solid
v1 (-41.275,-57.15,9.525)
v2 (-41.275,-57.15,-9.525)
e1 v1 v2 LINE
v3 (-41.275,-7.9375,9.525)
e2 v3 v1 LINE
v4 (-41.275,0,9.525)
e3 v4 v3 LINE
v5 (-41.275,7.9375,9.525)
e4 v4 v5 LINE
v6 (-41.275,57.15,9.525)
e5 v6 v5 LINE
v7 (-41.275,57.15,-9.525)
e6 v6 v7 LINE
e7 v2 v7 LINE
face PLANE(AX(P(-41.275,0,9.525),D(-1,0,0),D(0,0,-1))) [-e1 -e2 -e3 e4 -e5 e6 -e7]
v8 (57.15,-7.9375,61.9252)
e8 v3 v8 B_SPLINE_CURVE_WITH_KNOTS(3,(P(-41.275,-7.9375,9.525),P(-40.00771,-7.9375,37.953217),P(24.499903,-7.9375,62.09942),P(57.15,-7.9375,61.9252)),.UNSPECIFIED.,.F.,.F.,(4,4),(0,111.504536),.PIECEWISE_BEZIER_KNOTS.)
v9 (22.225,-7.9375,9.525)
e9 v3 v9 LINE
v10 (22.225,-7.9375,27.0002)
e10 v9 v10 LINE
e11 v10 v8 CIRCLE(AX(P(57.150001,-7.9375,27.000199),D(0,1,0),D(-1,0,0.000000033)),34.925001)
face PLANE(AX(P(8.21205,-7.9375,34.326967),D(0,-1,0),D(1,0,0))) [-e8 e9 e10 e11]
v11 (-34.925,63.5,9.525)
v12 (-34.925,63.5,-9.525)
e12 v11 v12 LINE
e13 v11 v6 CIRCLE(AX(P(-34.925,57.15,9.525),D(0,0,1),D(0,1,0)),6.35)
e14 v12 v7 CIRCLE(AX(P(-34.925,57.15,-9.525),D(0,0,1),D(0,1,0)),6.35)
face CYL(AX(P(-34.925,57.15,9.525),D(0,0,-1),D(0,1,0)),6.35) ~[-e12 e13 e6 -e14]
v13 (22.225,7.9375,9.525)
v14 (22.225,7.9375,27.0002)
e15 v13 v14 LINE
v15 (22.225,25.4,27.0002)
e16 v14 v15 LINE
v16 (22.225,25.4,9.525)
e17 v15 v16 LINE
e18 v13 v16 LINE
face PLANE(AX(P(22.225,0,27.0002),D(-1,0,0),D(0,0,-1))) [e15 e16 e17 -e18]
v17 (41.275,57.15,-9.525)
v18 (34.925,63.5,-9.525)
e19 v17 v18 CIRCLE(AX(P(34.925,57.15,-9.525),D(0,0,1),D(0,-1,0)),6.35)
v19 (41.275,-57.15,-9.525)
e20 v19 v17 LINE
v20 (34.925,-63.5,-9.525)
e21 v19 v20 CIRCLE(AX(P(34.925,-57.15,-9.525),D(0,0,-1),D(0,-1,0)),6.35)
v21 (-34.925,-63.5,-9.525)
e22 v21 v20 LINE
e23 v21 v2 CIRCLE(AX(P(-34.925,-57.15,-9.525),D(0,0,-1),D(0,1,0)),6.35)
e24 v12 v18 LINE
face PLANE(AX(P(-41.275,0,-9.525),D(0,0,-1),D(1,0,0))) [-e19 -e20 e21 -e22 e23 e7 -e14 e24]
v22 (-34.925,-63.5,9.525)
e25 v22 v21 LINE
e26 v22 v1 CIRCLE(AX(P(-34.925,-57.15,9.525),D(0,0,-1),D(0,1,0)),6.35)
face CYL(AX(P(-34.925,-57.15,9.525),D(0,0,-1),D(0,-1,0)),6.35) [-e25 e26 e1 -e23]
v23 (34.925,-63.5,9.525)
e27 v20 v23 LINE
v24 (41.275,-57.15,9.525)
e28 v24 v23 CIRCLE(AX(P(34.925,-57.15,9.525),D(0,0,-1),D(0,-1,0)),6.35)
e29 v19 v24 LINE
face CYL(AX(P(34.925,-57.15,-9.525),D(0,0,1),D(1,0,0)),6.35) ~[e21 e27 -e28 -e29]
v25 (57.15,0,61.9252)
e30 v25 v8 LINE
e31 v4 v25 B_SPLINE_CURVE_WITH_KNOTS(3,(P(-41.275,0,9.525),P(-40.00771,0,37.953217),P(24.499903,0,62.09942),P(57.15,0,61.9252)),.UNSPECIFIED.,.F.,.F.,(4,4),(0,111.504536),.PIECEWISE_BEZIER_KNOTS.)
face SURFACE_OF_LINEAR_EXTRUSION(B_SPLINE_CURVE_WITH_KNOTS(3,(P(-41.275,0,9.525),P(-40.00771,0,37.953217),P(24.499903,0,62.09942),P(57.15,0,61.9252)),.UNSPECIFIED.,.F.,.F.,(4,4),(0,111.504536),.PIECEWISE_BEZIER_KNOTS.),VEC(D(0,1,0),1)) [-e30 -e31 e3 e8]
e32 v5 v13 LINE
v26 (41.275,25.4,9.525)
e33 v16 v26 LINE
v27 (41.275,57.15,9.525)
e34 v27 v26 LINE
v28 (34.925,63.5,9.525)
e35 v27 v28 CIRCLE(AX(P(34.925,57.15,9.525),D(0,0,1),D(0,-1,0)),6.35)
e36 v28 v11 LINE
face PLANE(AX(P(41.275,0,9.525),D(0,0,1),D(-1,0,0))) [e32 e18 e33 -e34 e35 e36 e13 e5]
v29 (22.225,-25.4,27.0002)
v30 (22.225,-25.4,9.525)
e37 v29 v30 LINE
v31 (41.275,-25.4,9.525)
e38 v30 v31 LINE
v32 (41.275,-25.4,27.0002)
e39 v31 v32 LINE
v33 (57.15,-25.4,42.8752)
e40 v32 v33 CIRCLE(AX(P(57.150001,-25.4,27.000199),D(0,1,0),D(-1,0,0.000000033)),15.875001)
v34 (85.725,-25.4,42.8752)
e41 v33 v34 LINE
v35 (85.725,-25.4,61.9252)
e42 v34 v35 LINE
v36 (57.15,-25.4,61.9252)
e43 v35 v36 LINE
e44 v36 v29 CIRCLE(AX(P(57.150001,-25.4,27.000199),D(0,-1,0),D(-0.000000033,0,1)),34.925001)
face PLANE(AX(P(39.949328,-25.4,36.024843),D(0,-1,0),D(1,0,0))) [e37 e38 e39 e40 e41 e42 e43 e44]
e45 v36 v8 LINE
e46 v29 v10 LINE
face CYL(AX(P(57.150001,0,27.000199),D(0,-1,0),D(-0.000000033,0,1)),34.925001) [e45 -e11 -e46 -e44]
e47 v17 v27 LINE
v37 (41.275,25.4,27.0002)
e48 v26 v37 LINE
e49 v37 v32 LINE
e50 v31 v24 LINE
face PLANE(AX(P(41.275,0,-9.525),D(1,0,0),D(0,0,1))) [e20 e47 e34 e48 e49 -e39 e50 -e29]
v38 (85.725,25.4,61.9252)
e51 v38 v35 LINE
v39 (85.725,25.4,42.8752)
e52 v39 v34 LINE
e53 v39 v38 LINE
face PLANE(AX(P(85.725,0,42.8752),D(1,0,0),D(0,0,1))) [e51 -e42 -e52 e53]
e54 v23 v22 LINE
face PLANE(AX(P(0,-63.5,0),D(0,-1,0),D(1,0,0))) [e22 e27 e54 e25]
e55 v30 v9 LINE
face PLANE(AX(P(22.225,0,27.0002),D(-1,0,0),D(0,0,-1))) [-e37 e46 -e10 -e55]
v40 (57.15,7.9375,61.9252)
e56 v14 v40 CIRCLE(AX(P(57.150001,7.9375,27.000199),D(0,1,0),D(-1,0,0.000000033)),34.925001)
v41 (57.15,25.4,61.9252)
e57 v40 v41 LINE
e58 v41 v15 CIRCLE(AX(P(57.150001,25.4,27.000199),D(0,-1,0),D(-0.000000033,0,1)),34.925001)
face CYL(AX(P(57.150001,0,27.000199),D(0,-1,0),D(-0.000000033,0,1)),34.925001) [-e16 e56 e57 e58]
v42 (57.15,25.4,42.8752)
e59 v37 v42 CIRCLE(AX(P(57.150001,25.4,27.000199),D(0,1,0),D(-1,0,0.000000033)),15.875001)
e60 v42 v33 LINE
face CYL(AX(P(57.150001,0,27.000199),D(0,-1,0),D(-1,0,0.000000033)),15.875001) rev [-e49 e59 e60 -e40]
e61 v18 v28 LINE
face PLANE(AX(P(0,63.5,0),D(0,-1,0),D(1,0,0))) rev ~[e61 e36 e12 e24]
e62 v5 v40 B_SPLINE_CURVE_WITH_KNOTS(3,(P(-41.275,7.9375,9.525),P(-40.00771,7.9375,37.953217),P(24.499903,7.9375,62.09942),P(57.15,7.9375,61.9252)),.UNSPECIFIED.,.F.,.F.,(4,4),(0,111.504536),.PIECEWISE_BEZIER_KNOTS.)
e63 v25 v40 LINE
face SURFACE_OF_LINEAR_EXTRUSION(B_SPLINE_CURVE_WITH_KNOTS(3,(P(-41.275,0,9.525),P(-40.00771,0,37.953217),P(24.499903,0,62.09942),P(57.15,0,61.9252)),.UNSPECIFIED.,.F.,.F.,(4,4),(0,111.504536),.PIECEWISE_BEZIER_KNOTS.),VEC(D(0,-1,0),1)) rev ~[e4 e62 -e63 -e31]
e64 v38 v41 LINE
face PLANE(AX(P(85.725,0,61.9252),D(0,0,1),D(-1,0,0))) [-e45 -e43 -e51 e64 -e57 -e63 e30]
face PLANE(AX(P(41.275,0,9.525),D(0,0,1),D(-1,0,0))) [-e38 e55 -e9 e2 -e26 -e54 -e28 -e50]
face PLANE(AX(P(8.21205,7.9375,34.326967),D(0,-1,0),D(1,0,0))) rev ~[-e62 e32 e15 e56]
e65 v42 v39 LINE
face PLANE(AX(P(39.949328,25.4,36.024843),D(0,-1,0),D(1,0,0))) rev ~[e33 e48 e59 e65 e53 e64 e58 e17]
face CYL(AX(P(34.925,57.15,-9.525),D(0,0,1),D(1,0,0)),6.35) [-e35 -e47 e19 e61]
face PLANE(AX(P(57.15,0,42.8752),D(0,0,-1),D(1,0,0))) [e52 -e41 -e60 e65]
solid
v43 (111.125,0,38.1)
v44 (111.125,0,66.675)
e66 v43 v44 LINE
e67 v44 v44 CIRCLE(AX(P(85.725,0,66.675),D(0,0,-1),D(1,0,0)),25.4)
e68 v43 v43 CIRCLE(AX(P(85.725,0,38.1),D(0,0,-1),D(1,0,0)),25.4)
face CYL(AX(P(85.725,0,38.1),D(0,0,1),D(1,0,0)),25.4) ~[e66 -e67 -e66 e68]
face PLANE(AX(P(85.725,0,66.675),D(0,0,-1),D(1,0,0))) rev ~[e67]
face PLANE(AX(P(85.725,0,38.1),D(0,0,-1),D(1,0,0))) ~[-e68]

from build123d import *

# Parameters (mm, degrees)
F1_DEPTH = 63.5
F0_W     = 25.4
F0_H     = 19.05
F2_DEPTH = 25.4
F3_DEPTH = 7.9375
F5_R     = 6.35


with BuildPart() as f1:
    # F0 (on Front) → F1 (new body, symmetric)
    with BuildSketch(Plane.XZ):
        Polygon((41.275, -9.525), (41.275, 9.525), (22.225, 9.525), (-41.275, 9.525), (-41.275, -9.525), align=None)
    extrude(amount=F1_DEPTH, both=True)

    # F0 (on Front) → F2 (join, symmetric)
    with BuildSketch(Plane.XZ):
        with BuildLine():
            Line((22.225, 9.525), (41.275, 9.525))
            Line((41.275, 9.525), (41.275, 27.0002))
            ThreePointArc((41.275, 27.0002), (45.92468, 38.22552), (57.15, 42.8752))
            Line((57.15, 42.8752), (60.325, 42.8752))
            Line((60.325, 42.8752), (60.325, 61.9252))
            Line((60.325, 61.9252), (57.15, 61.9252))
            ThreePointArc((57.15, 61.9252), (32.454296, 51.695904), (22.225, 27.0002))
            Line((22.225, 27.0002), (22.225, 9.525))
        make_face()
        with Locations((73.025, 52.4002)):
            Rectangle(F0_W, F0_H)
    extrude(amount=F2_DEPTH, both=True)

    # F0 (on Front) → F3 (join, symmetric)
    with BuildSketch(Plane.XZ):
        with BuildLine():
            Line((-41.275, 9.525), (22.225, 9.525))
            Line((22.225, 9.525), (22.225, 27.0002))
            ThreePointArc((22.225, 27.0002), (32.454296, 51.695904), (57.15, 61.9252))
            add(Edge.make_bspline(
                [(-41.275, 9.525), (-40.00771, 37.953217), (24.499903, 62.09942), (57.15, 61.9252)],
                knots=[0, 0, 0, 0, 111.504536, 111.504536, 111.504536, 111.504536], degree=3))
        make_face()
    extrude(amount=F3_DEPTH, both=True)

    # F5
    f5_edges = [f1.edges().sort_by_distance(p)[0] for p in [
        (41.275, -63.5, 0),
        (-41.275, -63.5, 0),
        (41.275, 63.5, 0),
        (-41.275, 63.5, 0),
    ]]
    fillet(f5_edges, radius=F5_R)


with BuildPart() as f4:
    # F0 (on Front) → F4 (revolve)
    with BuildSketch(Plane.XZ):
        Polygon((85.725, 61.9252), (85.725, 42.8752), (85.725, 38.1), (111.125, 38.1), (111.125, 66.675), (85.725, 66.675), align=None)
    revolve(axis=Axis((85.725, 0, 52.3875), (0, 0, -1)))


solid = Compound([f1.part, f4.part])
